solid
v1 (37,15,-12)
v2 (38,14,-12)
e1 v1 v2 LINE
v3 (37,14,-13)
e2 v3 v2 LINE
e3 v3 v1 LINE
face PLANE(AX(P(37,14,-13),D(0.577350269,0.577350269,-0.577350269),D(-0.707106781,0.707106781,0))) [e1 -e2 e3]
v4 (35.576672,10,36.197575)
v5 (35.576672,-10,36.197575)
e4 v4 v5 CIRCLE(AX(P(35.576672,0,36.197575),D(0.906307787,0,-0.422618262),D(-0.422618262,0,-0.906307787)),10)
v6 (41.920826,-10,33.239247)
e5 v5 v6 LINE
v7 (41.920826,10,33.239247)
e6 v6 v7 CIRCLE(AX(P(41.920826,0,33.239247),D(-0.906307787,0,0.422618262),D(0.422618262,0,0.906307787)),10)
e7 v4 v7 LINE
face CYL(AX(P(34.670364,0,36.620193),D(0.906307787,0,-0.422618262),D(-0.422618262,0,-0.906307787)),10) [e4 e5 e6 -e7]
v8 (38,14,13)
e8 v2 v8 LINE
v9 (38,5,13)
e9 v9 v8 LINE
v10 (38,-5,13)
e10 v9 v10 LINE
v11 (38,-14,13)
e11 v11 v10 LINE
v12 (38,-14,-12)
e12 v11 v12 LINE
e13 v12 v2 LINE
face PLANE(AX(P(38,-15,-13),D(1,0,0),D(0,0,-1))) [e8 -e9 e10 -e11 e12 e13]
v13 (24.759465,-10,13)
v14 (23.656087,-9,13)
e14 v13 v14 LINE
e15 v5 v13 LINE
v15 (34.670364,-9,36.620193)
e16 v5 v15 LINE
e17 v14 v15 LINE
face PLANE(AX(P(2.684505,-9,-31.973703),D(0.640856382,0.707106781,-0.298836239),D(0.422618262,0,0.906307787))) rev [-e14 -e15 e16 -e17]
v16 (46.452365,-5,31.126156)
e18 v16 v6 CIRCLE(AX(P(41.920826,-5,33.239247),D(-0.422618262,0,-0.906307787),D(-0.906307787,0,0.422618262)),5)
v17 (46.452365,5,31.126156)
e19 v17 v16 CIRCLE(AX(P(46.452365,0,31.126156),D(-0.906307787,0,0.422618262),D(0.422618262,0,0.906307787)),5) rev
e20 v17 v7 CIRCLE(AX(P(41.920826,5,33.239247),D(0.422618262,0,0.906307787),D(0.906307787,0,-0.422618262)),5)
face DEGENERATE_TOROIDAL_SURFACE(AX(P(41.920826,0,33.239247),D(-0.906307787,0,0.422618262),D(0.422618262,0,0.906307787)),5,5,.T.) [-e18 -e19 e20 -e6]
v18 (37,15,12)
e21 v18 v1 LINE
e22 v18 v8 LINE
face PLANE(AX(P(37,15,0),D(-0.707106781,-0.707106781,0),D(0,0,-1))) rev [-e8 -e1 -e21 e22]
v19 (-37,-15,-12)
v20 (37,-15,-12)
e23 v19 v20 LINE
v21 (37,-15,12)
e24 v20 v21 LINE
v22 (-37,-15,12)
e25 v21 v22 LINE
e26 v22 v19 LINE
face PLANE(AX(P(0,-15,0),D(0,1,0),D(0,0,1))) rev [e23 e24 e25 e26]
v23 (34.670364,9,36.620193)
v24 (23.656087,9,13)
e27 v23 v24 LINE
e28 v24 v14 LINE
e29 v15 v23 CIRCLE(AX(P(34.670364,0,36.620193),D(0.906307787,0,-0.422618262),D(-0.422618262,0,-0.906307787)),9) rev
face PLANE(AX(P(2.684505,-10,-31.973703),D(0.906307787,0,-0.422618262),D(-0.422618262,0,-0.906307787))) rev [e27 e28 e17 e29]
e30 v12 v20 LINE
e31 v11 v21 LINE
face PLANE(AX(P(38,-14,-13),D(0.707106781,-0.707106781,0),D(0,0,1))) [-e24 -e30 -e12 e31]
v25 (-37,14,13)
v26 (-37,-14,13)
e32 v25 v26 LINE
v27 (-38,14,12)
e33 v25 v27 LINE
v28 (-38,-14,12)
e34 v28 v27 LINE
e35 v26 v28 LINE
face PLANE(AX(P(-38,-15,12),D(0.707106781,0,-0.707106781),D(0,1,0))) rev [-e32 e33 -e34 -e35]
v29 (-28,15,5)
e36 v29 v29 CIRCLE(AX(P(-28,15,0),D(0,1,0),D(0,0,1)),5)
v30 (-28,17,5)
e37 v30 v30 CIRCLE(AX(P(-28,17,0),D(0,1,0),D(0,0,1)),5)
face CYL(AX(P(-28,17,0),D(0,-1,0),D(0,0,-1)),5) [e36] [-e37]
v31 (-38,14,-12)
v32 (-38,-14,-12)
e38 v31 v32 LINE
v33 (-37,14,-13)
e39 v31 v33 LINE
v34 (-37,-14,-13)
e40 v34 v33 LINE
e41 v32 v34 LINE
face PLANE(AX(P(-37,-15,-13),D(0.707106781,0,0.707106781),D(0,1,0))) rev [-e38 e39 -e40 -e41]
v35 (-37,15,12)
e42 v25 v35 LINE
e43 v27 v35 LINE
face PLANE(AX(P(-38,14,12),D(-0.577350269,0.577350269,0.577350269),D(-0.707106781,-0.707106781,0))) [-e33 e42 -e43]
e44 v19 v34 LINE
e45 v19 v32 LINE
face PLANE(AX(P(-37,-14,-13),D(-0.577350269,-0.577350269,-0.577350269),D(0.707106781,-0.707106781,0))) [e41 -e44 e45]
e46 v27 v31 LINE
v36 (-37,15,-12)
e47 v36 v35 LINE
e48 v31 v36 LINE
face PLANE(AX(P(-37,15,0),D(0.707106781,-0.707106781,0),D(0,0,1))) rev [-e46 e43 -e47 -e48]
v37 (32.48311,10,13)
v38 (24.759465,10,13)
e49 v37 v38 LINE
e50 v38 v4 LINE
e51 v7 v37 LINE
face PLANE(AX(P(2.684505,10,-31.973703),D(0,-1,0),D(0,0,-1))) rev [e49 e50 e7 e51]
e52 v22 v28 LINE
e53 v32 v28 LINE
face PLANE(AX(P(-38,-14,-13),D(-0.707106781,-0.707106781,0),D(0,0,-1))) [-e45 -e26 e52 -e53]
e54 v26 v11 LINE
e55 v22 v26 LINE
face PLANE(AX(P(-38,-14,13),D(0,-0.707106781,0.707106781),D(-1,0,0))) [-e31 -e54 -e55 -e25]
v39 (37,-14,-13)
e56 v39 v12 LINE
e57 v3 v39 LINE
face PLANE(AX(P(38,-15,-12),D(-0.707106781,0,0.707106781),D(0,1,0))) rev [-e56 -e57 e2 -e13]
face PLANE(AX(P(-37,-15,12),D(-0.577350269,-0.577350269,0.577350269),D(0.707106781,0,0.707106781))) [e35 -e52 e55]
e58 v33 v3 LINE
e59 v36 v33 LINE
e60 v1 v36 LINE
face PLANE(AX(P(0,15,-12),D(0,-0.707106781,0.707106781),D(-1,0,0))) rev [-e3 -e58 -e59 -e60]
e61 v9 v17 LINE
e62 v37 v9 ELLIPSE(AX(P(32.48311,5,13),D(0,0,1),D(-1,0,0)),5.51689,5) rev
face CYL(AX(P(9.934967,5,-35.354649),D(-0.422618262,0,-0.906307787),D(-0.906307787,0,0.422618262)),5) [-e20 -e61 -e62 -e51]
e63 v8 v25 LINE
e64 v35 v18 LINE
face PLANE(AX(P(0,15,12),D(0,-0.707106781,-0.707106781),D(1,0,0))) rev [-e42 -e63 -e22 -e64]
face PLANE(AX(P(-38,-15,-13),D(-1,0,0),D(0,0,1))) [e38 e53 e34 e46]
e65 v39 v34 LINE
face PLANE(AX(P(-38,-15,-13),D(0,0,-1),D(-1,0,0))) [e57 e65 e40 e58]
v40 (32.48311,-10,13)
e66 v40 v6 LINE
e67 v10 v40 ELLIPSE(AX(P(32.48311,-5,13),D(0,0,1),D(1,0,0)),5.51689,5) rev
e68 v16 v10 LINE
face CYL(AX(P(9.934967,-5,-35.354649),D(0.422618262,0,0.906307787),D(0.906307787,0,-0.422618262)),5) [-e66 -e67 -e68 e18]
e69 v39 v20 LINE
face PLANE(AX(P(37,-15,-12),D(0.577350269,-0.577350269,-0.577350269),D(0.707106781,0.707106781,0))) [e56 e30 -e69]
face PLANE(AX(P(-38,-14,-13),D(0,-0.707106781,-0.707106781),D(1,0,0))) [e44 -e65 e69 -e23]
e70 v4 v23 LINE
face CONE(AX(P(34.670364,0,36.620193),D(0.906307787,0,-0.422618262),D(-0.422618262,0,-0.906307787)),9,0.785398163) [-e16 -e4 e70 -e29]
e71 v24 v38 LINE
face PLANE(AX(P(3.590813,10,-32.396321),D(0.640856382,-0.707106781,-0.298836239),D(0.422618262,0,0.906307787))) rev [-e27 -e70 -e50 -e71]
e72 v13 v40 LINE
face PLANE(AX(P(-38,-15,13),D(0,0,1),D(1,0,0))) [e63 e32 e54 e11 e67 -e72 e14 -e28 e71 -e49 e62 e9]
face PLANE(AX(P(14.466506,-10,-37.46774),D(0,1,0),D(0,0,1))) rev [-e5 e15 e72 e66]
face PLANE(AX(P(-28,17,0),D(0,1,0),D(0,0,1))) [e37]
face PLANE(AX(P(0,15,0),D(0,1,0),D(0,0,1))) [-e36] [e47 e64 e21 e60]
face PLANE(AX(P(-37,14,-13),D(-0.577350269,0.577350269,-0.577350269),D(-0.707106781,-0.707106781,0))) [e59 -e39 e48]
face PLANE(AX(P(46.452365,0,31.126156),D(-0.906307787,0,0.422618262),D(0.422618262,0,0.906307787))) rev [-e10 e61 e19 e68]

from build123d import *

# Parameters (mm, degrees)
BOSS_EXTRUDE1_DEPTH      = 15
BOSS_EXTRUDE1_DEPTH_BACK = 15
SKETCH1_W                = 76
SKETCH1_H                = 26
BOSS_EXTRUDE2_DEPTH      = 13
BOSS_EXTRUDE3_REACH      = 66.525
SKETCH3_W                = 13
SKETCH3_H                = 20
FILLET1_R                = 5
CHAMFER1_SIZE            = 1
SKETCH4_R                = 5
BOSS_EXTRUDE4_DEPTH      = 2


with BuildPart() as part:
    # Sketch1 → Boss-Extrude1 (new, two sides: drawn at the far end of the back side and taken through both)
    with BuildSketch(Plane(origin=(0, 0, 0), x_dir=(1, 0, 0), z_dir=(0, 1, 0)).offset(-BOSS_EXTRUDE1_DEPTH_BACK)):
        Rectangle(SKETCH1_W, SKETCH1_H)
    extrude(amount=BOSS_EXTRUDE1_DEPTH + BOSS_EXTRUDE1_DEPTH_BACK)

    # Sketch3 → Boss-Extrude3 (add, up to next)
    with BuildSketch(Plane(origin=(11.766324296, 0, 25.232963882), x_dir=(-0.9063077870366482, 0, 0.4226182617407034), z_dir=(-0.4226182617407034, 0, -0.9063077870366482)), mode=Mode.PRIVATE) as boss_extrude3_sk1:
        with Locations((-22.445658505, 0)):
            Rectangle(SKETCH3_W, SKETCH3_H)
    boss_extrude3_tool1 = extrude(boss_extrude3_sk1.sketch, amount=BOSS_EXTRUDE3_REACH, mode=Mode.PRIVATE) - part.part


with BuildPart() as body_2:
    # Sketch2 → Boss-Extrude2 (new body)
    with BuildSketch(Plane(origin=(26.233675704, 0, -12.232963882), x_dir=(0, 1, 0), z_dir=(-0.9063077870366482, 0, 0.42261826174070327))):
        with BuildLine():
            Line((10, -27.841495178), (-10, -27.841495178))
            Line((-10, -27.841495178), (-10, -47.841495178))
            ThreePointArc((-10, -47.841495178), (0, -57.841495178), (10, -47.841495178))
            Line((10, -47.841495178), (10, -27.841495178))
        make_face()
    extrude(amount=BOSS_EXTRUDE2_DEPTH)


with BuildPart() as part_1:
    add(part.part)

    add(body_2.part)  # Boss-Extrude3 merges body 2
    add(boss_extrude3_tool1.solids().sort_by_distance((32.108999, 0, 15.747019))[0])

    # Fillet1
    fillet1_edges = [part_1.edges().sort_by_distance(p)[0] for p in [
        (42.226182617, -10, 22.06307787),
        (42.226182617, 10, 22.06307787),
        (50.678547852, 0, 40.189233611),
    ]]
    fillet(fillet1_edges, radius=FILLET1_R)

    # Chamfer1
    chamfer1_edges = [part_1.edges().sort_by_distance(p)[0] for p in [
        (29.163225528, -10, 24.810096572),
        (38.896546621, 0, 45.683271014),
        (29.163225528, 10, 24.810096572),
        (0, -15, -13),
        (0, -15, 13),
        (38, -15, 0),
        (-38, -15, 0),
        (-38, 0, -13),
        (-38, 0, 13),
        (0, 15, 13),
        (-38, 15, 0),
        (0, 15, -13),
        (38, 15, 0),
        (38, 0, -13),
    ]]
    chamfer(chamfer1_edges, length=CHAMFER1_SIZE)

    # Sketch4 → Boss-Extrude4 (add)
    with BuildSketch(Plane(origin=(0, 15, 0), x_dir=(1, 0, 0), z_dir=(0, 1, 0))):
        with Locations((-28, 0)):
            Circle(SKETCH4_R)
    extrude(amount=BOSS_EXTRUDE4_DEPTH)


solid = part_1.part
